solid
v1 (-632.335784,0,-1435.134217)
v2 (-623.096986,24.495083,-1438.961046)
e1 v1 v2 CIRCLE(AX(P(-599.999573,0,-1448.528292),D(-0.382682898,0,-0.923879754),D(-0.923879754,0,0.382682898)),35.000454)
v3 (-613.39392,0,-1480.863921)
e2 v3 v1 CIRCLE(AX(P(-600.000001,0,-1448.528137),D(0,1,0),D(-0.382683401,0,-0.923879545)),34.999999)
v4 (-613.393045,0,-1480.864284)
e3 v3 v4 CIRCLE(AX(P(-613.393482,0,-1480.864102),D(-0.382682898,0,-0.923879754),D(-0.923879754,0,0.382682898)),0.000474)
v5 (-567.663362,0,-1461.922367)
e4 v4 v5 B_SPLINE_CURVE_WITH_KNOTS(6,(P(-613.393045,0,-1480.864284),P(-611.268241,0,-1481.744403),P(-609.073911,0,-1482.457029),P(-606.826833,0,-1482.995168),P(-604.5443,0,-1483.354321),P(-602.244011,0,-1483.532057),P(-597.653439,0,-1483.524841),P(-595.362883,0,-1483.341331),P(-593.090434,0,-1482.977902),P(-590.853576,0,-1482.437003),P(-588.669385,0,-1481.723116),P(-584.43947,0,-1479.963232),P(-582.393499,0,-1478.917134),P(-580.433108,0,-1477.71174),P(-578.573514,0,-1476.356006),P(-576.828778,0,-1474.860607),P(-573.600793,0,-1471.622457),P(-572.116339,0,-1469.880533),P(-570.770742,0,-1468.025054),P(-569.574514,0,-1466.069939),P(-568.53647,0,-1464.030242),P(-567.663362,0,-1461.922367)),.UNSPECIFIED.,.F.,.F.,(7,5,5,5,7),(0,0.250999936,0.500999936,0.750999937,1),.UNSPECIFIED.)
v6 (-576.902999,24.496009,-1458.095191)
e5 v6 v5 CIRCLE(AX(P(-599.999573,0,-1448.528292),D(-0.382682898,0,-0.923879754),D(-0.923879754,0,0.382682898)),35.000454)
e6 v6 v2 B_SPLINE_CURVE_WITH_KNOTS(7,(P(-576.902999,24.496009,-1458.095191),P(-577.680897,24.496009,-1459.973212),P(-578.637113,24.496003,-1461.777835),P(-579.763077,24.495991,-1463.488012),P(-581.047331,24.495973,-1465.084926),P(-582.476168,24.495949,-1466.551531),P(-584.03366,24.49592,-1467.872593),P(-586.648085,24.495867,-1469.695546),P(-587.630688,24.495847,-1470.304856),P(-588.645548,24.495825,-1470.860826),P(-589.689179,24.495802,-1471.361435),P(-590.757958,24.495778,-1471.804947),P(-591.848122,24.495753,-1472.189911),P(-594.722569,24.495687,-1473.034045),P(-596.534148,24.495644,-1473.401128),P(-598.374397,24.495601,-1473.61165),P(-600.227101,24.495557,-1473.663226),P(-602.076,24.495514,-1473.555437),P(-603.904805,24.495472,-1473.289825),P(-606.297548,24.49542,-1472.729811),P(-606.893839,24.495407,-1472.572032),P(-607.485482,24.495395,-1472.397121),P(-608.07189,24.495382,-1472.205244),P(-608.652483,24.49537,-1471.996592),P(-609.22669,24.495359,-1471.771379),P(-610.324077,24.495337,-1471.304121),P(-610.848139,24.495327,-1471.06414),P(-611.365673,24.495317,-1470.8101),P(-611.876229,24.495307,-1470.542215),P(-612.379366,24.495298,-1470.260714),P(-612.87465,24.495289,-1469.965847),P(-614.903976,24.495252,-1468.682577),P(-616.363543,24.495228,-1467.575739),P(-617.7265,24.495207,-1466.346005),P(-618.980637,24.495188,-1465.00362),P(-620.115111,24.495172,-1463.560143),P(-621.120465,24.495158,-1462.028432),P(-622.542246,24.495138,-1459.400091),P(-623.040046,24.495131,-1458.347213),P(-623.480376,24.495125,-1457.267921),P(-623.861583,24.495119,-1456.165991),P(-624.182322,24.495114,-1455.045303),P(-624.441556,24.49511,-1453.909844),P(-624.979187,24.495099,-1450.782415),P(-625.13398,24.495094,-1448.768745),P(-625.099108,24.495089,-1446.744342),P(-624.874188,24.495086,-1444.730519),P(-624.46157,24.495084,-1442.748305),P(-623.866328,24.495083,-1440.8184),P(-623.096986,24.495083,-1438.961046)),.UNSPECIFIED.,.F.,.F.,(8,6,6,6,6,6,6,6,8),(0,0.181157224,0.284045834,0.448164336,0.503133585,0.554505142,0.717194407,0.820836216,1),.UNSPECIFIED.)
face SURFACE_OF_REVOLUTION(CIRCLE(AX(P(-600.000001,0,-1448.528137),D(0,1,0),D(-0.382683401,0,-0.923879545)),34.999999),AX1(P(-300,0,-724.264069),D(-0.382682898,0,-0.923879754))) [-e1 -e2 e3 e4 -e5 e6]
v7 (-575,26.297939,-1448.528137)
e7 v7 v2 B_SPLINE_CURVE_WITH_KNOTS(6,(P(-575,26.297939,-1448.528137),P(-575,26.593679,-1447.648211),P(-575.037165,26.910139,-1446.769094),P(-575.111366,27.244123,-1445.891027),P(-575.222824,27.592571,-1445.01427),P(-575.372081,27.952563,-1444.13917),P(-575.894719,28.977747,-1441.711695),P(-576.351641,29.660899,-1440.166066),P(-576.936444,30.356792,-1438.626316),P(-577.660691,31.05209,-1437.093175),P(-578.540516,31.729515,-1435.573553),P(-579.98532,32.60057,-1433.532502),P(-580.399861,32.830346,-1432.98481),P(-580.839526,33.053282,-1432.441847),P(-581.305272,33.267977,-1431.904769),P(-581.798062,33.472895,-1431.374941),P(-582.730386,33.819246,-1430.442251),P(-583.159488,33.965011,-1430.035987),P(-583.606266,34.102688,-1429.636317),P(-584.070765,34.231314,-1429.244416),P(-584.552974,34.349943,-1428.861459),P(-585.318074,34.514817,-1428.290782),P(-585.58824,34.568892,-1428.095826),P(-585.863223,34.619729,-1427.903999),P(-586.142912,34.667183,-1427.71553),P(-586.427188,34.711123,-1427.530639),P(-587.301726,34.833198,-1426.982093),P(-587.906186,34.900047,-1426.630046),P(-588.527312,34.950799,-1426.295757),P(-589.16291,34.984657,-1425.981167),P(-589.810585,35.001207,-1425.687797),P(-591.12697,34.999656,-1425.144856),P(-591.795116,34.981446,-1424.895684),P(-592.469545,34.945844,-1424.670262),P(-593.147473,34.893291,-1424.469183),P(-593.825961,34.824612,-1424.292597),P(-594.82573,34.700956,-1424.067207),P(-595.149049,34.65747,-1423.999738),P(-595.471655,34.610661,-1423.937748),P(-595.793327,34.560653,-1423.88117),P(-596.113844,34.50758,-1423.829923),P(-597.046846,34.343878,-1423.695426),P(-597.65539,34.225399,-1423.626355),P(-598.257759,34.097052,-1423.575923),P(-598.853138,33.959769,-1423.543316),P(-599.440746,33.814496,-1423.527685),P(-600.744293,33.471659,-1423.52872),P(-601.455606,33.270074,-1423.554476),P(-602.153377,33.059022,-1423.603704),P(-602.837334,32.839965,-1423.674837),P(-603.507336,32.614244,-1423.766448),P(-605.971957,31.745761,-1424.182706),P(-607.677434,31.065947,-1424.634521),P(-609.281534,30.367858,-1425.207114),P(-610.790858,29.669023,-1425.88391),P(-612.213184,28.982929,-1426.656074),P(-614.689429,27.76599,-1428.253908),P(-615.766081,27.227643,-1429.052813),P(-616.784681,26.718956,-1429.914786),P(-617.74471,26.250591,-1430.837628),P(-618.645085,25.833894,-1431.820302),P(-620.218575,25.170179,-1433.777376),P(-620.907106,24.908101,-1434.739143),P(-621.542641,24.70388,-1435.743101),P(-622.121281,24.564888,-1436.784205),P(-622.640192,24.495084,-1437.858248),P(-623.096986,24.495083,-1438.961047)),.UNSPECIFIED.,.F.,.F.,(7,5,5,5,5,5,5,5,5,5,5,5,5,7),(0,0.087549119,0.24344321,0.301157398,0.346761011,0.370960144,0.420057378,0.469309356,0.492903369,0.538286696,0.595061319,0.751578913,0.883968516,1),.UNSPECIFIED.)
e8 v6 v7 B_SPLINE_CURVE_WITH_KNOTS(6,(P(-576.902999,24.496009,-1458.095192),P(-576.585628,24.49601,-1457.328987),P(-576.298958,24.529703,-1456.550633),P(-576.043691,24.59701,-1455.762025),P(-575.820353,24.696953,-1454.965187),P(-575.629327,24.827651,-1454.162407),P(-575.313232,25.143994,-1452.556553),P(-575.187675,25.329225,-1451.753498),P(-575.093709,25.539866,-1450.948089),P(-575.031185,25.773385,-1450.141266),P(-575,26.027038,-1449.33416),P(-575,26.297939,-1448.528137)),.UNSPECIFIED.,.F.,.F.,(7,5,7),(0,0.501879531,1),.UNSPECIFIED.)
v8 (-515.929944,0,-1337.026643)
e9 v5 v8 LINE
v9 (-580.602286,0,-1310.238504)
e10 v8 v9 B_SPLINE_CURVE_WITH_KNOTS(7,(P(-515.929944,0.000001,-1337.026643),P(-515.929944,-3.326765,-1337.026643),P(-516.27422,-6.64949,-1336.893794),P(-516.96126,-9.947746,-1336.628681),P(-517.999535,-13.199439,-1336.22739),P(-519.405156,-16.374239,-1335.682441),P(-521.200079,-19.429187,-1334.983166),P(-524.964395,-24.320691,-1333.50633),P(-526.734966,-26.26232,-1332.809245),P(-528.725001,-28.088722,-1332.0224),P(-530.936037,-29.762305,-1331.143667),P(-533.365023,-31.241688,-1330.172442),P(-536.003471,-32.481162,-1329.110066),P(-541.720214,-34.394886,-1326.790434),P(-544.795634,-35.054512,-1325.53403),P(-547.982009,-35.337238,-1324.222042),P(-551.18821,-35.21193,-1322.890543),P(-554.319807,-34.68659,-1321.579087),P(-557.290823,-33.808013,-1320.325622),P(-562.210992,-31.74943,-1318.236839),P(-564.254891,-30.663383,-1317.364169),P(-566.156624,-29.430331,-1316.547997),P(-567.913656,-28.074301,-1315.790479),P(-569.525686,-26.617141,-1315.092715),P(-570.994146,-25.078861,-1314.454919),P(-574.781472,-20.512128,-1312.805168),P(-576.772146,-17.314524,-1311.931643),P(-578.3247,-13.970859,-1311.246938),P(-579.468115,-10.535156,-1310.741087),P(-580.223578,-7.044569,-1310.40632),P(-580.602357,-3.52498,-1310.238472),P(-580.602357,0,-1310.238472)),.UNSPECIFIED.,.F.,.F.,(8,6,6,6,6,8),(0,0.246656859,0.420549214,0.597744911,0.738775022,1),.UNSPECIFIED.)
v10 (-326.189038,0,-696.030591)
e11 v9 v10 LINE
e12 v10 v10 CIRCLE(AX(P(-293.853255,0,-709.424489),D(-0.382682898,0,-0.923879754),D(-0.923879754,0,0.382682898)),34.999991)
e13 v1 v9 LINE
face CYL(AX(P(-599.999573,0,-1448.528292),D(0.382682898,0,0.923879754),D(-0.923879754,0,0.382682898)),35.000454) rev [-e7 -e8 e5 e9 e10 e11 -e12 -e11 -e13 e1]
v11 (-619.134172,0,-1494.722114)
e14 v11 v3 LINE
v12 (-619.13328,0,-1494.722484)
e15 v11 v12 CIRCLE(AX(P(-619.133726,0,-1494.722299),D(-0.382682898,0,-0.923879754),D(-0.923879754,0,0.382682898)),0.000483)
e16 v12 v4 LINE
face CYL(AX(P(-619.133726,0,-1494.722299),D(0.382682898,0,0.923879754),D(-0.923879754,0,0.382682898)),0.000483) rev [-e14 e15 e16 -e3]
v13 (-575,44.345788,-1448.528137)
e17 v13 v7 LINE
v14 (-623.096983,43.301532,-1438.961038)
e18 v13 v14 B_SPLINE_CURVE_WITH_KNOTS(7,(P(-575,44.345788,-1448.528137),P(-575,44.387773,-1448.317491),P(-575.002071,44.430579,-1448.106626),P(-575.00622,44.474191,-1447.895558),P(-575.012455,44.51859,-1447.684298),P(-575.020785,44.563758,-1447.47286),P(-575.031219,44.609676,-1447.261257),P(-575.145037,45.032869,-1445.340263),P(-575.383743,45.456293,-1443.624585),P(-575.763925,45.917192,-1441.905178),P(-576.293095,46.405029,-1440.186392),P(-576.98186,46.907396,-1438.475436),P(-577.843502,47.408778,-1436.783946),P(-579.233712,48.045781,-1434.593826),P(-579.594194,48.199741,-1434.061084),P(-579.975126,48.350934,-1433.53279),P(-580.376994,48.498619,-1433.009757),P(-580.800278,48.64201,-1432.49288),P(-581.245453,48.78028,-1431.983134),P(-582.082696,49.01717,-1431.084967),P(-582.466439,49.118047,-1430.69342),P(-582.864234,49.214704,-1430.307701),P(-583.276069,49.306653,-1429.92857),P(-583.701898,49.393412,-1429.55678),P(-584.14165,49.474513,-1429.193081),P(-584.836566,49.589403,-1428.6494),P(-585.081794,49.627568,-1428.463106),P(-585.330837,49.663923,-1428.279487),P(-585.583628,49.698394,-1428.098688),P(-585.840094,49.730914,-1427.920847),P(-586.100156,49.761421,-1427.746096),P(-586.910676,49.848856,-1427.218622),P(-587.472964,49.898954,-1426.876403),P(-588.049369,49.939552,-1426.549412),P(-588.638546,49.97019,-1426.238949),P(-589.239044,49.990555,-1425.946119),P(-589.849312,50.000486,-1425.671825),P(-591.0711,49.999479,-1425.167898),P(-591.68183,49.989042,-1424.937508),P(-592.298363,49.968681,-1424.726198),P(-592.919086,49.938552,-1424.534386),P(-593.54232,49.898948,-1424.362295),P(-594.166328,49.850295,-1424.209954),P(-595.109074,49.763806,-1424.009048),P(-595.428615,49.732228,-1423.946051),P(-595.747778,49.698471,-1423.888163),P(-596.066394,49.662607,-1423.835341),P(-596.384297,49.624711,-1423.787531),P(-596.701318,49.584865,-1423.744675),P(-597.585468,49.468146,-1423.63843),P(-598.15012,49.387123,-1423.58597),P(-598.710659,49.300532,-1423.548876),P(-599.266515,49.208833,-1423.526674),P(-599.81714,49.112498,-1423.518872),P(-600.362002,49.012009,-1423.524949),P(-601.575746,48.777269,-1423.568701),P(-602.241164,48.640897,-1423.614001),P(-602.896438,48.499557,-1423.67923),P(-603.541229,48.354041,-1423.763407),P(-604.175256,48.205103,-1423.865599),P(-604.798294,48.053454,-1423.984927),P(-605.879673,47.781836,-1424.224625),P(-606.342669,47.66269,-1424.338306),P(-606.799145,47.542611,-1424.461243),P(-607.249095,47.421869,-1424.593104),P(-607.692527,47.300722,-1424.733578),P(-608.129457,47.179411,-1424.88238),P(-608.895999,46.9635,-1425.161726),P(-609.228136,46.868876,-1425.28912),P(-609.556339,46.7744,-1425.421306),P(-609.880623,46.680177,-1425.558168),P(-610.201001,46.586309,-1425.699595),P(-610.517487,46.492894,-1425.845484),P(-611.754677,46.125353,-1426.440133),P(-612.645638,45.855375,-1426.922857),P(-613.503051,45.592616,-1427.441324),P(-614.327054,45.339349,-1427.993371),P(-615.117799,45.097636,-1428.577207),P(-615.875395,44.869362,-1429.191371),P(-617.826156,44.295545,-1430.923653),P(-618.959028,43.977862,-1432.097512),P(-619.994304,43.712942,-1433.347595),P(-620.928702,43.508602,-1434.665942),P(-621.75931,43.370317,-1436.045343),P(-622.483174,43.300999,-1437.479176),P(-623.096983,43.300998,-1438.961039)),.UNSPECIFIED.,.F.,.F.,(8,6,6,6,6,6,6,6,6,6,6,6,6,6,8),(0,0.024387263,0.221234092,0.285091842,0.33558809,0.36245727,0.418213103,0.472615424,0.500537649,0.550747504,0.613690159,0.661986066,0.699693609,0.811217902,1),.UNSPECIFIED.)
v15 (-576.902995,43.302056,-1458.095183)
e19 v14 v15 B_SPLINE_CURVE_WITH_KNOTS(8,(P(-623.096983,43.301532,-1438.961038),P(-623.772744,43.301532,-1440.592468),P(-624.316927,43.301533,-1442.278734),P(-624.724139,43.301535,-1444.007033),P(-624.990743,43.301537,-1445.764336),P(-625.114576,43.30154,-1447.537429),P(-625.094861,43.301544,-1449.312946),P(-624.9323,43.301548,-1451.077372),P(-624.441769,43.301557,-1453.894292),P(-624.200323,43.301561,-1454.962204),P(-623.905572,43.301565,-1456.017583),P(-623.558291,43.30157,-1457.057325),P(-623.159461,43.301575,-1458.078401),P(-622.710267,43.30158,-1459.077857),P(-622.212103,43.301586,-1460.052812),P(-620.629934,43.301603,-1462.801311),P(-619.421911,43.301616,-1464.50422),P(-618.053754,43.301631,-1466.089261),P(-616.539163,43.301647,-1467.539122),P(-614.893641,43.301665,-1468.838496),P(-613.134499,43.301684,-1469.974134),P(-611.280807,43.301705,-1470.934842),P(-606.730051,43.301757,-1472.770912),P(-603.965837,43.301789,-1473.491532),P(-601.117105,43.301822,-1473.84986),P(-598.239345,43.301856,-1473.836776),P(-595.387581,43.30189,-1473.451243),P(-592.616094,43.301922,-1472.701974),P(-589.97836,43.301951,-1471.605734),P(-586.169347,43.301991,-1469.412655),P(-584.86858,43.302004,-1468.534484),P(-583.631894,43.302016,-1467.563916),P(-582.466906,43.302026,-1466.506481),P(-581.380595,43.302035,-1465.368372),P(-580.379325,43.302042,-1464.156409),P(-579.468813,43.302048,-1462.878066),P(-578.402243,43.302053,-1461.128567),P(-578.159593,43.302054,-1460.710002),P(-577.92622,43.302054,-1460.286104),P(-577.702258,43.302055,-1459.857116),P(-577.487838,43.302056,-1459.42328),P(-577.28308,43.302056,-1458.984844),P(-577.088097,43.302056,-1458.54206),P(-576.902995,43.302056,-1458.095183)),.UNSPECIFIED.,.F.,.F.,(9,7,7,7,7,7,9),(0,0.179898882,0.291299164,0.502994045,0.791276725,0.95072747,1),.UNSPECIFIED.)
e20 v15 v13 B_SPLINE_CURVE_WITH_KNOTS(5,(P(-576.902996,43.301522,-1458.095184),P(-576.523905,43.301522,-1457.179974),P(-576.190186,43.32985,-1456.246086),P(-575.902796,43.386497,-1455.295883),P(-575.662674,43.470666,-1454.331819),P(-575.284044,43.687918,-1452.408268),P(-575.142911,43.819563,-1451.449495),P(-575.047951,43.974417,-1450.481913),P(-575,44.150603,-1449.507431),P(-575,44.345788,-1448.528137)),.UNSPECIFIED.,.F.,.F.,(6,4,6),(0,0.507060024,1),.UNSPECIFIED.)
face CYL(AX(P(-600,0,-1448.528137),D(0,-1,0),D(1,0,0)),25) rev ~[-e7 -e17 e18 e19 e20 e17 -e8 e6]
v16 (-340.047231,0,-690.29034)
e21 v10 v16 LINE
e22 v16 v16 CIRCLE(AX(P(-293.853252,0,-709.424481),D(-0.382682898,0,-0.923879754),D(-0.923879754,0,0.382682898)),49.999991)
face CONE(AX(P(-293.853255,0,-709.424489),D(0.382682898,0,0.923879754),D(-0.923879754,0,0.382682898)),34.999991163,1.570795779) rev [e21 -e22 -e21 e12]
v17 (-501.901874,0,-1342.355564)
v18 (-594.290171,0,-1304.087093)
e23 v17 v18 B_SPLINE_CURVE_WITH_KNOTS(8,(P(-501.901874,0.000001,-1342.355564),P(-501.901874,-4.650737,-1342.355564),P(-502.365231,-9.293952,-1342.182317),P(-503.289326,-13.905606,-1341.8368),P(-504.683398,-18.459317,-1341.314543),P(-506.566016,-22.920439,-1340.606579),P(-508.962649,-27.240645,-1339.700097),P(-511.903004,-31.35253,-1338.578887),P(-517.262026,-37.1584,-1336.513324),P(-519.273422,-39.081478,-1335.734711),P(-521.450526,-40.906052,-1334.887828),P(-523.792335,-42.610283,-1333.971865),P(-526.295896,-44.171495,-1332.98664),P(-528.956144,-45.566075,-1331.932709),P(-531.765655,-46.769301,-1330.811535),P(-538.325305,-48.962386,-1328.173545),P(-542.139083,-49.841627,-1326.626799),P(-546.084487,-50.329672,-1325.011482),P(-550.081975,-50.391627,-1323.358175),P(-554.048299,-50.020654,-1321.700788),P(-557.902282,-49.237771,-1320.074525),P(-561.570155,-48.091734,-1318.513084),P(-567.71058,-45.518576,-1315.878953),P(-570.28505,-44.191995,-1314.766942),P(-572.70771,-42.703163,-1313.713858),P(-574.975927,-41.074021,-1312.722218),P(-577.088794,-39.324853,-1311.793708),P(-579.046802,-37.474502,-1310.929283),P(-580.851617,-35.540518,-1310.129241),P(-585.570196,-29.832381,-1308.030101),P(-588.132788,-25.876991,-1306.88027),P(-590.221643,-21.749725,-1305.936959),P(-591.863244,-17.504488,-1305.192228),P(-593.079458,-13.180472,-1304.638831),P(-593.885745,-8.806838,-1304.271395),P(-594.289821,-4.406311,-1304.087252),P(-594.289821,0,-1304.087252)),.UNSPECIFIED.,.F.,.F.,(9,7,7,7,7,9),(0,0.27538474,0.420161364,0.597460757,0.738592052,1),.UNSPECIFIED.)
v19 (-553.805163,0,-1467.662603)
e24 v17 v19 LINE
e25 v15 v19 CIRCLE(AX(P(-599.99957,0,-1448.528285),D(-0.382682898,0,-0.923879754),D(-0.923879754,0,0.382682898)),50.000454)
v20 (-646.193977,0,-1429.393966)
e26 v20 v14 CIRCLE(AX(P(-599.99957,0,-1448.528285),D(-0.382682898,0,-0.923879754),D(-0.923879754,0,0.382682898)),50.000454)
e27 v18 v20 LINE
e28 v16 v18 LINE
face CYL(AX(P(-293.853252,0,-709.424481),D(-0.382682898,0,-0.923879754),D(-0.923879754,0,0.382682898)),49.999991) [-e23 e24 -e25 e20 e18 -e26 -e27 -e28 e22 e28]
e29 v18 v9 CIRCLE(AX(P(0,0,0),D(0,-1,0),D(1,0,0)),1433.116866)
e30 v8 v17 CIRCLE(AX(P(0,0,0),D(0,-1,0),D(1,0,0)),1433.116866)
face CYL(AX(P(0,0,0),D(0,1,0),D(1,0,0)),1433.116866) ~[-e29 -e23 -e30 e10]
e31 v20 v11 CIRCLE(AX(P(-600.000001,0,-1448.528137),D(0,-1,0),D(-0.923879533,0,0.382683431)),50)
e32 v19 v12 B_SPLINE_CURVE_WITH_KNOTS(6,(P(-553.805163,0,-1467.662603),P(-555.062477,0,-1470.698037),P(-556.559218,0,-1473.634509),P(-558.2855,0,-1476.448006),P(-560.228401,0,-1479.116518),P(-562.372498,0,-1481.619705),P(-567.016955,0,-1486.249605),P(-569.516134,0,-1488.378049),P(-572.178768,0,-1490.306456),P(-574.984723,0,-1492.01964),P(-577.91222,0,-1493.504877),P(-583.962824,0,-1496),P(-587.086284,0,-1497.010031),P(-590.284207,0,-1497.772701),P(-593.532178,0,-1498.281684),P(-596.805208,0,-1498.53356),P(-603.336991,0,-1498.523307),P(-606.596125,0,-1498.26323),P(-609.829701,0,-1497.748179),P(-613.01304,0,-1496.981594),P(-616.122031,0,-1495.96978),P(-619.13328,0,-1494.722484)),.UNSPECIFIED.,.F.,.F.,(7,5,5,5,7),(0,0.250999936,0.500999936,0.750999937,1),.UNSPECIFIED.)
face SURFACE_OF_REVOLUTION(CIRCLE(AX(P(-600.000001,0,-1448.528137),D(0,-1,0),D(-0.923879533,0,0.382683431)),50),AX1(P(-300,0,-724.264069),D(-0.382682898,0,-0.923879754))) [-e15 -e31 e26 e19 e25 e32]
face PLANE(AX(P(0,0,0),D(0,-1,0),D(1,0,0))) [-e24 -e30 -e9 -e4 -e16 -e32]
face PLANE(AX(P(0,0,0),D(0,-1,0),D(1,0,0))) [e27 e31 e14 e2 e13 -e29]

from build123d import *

# Parameters (mm, degrees)
F3_R     = 25
F4_DEPTH = 142.02346
F5_R     = 1675.475624
F5_R_2   = 1433.116866
F6_DEPTH = 100


with BuildPart() as f2:
    # F1 (on Front) → F2 (revolve)
    with BuildSketch(Plane.XZ):
        with BuildLine():
            Line((-326.189038, -696.030591), (-340.047231, -690.29034))
            Line((-340.047231, -690.29034), (-646.193977, -1429.393966))
            ThreePointArc((-646.193977, -1429.393966), (-646.193977, -1467.662309), (-619.134172, -1494.722114))
            Line((-619.134172, -1494.722114), (-613.39392, -1480.863921))
            ThreePointArc((-613.39392, -1480.863921), (-632.335784, -1461.922058), (-632.335784, -1435.134217))
            Line((-632.335784, -1435.134217), (-326.189038, -696.030591))
        make_face()
    revolve(axis=Axis((-300, 0, -724.264069), (-0.382683, 0, -0.92388)))

    # F3 (on Front) → F4 (cut, symmetric)
    with BuildSketch(Plane.XZ):
        with Locations((-600, -1448.528137)):
            Circle(F3_R)
    extrude(amount=F4_DEPTH, both=True, mode=Mode.SUBTRACT)

    # F5 (on Front) → F6 (cut)
    with BuildSketch(Plane.XZ):
        Circle(F5_R)
        Circle(F5_R_2, mode=Mode.SUBTRACT)
    extrude(amount=F6_DEPTH, mode=Mode.SUBTRACT)


solid = f2.part
